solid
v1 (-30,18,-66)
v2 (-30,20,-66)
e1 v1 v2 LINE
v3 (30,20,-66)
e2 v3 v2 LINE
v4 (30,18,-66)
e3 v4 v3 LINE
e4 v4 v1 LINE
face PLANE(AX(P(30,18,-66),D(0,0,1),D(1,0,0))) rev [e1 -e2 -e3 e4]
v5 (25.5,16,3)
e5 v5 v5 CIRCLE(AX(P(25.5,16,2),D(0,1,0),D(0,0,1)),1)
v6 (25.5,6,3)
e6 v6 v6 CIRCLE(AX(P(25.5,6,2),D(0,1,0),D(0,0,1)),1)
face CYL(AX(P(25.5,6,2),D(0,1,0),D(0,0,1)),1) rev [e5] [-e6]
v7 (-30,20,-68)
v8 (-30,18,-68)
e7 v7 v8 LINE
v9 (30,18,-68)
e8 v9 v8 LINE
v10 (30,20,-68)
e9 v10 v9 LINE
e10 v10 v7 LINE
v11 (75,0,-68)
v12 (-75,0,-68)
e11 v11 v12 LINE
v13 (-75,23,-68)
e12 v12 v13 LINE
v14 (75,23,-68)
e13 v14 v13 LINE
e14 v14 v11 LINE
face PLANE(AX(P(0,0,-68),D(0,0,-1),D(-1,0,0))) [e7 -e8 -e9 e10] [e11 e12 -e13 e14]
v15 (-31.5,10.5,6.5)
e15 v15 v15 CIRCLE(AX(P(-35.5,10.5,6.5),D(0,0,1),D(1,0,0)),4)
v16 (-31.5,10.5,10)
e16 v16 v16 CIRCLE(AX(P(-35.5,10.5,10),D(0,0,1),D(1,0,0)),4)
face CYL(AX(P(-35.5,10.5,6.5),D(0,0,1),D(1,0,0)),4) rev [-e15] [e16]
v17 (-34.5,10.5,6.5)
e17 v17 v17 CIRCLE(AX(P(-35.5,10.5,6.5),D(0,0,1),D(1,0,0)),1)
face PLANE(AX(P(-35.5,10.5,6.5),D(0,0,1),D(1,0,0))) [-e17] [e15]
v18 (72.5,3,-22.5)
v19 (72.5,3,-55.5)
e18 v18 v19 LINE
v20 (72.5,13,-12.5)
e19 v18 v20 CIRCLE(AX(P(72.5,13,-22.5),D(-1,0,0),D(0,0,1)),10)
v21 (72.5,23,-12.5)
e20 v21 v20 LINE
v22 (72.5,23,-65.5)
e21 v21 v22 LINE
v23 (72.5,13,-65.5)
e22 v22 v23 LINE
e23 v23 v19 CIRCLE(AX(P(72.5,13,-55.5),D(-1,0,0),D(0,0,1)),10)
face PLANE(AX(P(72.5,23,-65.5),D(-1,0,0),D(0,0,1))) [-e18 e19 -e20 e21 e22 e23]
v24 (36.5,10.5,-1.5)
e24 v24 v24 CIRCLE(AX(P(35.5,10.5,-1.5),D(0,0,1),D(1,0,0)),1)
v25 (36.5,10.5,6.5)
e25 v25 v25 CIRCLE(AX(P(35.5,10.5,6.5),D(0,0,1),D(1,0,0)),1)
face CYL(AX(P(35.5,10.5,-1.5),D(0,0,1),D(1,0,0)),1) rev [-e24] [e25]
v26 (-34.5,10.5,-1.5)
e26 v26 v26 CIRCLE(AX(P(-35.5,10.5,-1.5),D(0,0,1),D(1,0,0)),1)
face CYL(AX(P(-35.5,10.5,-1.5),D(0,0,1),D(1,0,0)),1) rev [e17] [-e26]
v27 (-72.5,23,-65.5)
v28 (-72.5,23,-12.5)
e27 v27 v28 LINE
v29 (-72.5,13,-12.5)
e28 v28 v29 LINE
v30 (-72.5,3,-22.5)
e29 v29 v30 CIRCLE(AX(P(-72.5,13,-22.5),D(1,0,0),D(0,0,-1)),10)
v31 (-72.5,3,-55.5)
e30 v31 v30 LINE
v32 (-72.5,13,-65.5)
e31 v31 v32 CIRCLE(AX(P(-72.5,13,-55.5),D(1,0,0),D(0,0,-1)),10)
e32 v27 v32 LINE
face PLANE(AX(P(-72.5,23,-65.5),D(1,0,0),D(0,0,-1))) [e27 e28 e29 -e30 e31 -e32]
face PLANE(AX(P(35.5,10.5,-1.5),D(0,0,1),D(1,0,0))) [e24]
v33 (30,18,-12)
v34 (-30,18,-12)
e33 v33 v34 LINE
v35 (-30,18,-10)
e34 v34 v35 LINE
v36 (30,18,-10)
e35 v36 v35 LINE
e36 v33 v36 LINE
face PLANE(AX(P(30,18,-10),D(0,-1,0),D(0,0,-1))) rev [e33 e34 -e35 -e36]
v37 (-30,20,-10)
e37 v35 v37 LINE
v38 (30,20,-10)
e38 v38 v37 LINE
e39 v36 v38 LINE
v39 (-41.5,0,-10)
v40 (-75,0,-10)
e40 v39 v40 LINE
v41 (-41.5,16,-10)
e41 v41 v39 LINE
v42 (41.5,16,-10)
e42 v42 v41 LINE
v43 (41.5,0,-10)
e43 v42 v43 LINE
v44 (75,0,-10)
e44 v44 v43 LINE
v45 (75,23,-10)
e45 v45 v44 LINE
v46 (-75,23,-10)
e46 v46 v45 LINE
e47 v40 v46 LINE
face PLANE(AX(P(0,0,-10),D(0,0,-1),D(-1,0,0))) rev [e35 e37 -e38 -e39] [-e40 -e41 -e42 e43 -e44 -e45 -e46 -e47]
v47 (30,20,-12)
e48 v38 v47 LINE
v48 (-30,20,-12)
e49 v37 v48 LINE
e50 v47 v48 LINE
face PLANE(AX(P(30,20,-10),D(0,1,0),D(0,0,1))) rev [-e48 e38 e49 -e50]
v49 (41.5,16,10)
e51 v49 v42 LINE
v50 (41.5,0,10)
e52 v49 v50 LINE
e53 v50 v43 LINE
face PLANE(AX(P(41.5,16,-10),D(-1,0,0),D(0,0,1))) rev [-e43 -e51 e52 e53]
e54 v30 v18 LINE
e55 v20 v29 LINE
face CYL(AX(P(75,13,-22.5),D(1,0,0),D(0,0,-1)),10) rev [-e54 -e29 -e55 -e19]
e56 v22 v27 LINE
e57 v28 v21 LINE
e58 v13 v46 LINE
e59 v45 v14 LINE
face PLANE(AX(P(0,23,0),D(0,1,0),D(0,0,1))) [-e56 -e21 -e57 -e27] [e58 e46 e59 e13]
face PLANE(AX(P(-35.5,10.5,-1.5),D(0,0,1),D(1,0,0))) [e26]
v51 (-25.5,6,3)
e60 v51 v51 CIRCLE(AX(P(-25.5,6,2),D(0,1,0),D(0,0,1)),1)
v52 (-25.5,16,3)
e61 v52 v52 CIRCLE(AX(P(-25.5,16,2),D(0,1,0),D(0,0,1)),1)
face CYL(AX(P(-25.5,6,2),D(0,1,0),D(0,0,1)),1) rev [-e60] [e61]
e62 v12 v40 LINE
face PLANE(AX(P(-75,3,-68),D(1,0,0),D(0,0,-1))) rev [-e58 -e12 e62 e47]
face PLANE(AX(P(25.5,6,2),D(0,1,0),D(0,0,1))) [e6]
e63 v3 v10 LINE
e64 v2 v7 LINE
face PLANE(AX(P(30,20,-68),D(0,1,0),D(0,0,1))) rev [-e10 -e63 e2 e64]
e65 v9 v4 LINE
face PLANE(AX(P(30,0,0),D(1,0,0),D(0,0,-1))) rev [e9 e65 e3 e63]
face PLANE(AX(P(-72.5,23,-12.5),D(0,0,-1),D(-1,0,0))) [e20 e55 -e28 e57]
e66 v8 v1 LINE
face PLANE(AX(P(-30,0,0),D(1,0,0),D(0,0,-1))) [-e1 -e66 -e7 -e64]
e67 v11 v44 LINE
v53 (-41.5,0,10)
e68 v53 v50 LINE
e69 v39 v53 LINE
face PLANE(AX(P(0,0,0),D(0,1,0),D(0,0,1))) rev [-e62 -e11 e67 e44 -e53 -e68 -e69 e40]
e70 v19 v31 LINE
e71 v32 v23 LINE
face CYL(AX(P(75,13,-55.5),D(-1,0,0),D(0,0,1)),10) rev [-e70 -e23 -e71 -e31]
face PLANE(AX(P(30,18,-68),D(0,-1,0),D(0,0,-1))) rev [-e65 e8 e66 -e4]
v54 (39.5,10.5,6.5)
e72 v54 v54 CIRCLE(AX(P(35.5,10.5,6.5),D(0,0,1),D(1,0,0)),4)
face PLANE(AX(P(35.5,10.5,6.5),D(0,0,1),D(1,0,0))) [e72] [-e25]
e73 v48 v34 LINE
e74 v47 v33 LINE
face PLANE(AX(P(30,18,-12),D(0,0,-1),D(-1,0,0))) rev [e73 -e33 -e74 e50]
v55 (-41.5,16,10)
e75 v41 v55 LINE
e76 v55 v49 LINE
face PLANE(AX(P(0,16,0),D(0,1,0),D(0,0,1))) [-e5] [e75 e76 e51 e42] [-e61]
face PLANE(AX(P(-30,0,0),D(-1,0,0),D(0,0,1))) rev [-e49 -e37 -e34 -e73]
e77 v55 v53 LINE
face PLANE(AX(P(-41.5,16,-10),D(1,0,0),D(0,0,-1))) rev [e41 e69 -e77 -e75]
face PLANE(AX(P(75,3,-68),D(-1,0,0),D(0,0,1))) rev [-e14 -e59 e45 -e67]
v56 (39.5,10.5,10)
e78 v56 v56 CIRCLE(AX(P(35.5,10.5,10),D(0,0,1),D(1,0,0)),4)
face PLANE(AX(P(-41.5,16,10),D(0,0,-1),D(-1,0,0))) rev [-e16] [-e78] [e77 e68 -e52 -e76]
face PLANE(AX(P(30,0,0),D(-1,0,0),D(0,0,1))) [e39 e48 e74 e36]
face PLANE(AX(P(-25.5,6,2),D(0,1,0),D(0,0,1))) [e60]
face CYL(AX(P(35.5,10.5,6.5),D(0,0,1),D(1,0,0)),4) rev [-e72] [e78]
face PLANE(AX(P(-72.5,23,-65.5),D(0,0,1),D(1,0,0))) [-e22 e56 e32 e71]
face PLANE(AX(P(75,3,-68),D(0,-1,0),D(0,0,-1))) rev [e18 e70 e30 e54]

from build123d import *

# Parameters (mm, degrees)
SKETCH_1_W          = 83
SKETCH_1_H          = 20
EXTRUDE_1_DEPTH     = 16
SKETCH_2_R          = 4
CUT_EXTRUDE_1_DEPTH = 3.5
SKETCH_3_R          = 1
CUT_EXTRUDE_2_DEPTH = 10
SKETCH_6_R          = 1
CUT_EXTRUDE_5_DEPTH = 8
SKETCH_7_W          = 150
SKETCH_7_H          = 3
EXTRUDE_2_DEPTH     = 58
SKETCH_8_W          = 150
SKETCH_8_H          = 58
SKETCH_8_W_2        = 145
SKETCH_8_H_2        = 53
EXTRUDE_3_DEPTH     = 20
FILLET_1_R          = 10
CUT_EXTRUDE_START   = -45
SKETCH_9_W          = 2
SKETCH_9_H          = 2
CUT_EXTRUDE_6_DEPTH = 60


with BuildPart() as part:
    # 스케치1 → 보스-돌출1 (new body)
    with BuildSketch(Plane(origin=(0, 0, 0), x_dir=(1, 0, 0), z_dir=(0, 1, 0))):
        Rectangle(SKETCH_1_W, SKETCH_1_H)
    extrude(amount=EXTRUDE_1_DEPTH)

    # 스케치2 → 컷-돌출1 (cut)
    with BuildSketch(Plane.XY.offset(10)):
        with Locations((-35.5, 10.5)):
            Circle(SKETCH_2_R)
        with Locations((35.5, 10.5)):
            Circle(SKETCH_2_R)
    extrude(amount=-CUT_EXTRUDE_1_DEPTH, mode=Mode.SUBTRACT)

    # 스케치3 → 컷-돌출2 (cut)
    with BuildSketch(Plane(origin=(0, 16, 0), x_dir=(1, 0, 0), z_dir=(0, 1, 0))):
        with Locations(Location((-25.5, -2, 0), (0, 0, 270))):
            Circle(SKETCH_3_R)
        with Locations(Location((25.5, -2, 0), (0, 0, 270))):
            Circle(SKETCH_3_R)
    extrude(amount=-CUT_EXTRUDE_2_DEPTH, mode=Mode.SUBTRACT)

    # 스케치6 → 컷-돌출5 (cut)
    with BuildSketch(Plane.XY.offset(6.5)):
        with Locations((-35.5, 10.5)):
            Circle(SKETCH_6_R)
        with Locations((35.5, 10.5)):
            Circle(SKETCH_6_R)
    extrude(amount=-CUT_EXTRUDE_5_DEPTH, mode=Mode.SUBTRACT)

    # 스케치7 → 보스-돌출2 (add)
    with BuildSketch(Plane(origin=(0, 0, -10), x_dir=(-1, 0, 0), z_dir=(0, 0, -1))):
        with Locations((0, 1.5)):
            Rectangle(SKETCH_7_W, SKETCH_7_H)
    extrude(amount=EXTRUDE_2_DEPTH)

    # 스케치8 → 보스-돌출3 (add)
    with BuildSketch(Plane(origin=(0, 3, 0), x_dir=(1, 0, 0), z_dir=(0, 1, 0))):
        with Locations((0, 39)):
            Rectangle(SKETCH_8_W, SKETCH_8_H)
        with Locations((0, 39)):
            Rectangle(SKETCH_8_W_2, SKETCH_8_H_2, mode=Mode.SUBTRACT)
    extrude(amount=EXTRUDE_3_DEPTH)

    # 필렛1
    fillet_1_edges = [part.edges().sort_by_distance(p)[0] for p in [
        (0, 3, -65.5),
        (0, 3, -12.5),
    ]]
    fillet(fillet_1_edges, radius=FILLET_1_R)

    # 스케치9 → 컷-돌출6 (cut)
    with BuildSketch(Plane.ZY.offset(75).offset(CUT_EXTRUDE_START)):
        with Locations((-67, 19)):
            Rectangle(SKETCH_9_W, SKETCH_9_H)
        with Locations((-11, 19)):
            Rectangle(SKETCH_9_W, SKETCH_9_H)
    extrude(amount=-CUT_EXTRUDE_6_DEPTH, mode=Mode.SUBTRACT)


solid = part.part
